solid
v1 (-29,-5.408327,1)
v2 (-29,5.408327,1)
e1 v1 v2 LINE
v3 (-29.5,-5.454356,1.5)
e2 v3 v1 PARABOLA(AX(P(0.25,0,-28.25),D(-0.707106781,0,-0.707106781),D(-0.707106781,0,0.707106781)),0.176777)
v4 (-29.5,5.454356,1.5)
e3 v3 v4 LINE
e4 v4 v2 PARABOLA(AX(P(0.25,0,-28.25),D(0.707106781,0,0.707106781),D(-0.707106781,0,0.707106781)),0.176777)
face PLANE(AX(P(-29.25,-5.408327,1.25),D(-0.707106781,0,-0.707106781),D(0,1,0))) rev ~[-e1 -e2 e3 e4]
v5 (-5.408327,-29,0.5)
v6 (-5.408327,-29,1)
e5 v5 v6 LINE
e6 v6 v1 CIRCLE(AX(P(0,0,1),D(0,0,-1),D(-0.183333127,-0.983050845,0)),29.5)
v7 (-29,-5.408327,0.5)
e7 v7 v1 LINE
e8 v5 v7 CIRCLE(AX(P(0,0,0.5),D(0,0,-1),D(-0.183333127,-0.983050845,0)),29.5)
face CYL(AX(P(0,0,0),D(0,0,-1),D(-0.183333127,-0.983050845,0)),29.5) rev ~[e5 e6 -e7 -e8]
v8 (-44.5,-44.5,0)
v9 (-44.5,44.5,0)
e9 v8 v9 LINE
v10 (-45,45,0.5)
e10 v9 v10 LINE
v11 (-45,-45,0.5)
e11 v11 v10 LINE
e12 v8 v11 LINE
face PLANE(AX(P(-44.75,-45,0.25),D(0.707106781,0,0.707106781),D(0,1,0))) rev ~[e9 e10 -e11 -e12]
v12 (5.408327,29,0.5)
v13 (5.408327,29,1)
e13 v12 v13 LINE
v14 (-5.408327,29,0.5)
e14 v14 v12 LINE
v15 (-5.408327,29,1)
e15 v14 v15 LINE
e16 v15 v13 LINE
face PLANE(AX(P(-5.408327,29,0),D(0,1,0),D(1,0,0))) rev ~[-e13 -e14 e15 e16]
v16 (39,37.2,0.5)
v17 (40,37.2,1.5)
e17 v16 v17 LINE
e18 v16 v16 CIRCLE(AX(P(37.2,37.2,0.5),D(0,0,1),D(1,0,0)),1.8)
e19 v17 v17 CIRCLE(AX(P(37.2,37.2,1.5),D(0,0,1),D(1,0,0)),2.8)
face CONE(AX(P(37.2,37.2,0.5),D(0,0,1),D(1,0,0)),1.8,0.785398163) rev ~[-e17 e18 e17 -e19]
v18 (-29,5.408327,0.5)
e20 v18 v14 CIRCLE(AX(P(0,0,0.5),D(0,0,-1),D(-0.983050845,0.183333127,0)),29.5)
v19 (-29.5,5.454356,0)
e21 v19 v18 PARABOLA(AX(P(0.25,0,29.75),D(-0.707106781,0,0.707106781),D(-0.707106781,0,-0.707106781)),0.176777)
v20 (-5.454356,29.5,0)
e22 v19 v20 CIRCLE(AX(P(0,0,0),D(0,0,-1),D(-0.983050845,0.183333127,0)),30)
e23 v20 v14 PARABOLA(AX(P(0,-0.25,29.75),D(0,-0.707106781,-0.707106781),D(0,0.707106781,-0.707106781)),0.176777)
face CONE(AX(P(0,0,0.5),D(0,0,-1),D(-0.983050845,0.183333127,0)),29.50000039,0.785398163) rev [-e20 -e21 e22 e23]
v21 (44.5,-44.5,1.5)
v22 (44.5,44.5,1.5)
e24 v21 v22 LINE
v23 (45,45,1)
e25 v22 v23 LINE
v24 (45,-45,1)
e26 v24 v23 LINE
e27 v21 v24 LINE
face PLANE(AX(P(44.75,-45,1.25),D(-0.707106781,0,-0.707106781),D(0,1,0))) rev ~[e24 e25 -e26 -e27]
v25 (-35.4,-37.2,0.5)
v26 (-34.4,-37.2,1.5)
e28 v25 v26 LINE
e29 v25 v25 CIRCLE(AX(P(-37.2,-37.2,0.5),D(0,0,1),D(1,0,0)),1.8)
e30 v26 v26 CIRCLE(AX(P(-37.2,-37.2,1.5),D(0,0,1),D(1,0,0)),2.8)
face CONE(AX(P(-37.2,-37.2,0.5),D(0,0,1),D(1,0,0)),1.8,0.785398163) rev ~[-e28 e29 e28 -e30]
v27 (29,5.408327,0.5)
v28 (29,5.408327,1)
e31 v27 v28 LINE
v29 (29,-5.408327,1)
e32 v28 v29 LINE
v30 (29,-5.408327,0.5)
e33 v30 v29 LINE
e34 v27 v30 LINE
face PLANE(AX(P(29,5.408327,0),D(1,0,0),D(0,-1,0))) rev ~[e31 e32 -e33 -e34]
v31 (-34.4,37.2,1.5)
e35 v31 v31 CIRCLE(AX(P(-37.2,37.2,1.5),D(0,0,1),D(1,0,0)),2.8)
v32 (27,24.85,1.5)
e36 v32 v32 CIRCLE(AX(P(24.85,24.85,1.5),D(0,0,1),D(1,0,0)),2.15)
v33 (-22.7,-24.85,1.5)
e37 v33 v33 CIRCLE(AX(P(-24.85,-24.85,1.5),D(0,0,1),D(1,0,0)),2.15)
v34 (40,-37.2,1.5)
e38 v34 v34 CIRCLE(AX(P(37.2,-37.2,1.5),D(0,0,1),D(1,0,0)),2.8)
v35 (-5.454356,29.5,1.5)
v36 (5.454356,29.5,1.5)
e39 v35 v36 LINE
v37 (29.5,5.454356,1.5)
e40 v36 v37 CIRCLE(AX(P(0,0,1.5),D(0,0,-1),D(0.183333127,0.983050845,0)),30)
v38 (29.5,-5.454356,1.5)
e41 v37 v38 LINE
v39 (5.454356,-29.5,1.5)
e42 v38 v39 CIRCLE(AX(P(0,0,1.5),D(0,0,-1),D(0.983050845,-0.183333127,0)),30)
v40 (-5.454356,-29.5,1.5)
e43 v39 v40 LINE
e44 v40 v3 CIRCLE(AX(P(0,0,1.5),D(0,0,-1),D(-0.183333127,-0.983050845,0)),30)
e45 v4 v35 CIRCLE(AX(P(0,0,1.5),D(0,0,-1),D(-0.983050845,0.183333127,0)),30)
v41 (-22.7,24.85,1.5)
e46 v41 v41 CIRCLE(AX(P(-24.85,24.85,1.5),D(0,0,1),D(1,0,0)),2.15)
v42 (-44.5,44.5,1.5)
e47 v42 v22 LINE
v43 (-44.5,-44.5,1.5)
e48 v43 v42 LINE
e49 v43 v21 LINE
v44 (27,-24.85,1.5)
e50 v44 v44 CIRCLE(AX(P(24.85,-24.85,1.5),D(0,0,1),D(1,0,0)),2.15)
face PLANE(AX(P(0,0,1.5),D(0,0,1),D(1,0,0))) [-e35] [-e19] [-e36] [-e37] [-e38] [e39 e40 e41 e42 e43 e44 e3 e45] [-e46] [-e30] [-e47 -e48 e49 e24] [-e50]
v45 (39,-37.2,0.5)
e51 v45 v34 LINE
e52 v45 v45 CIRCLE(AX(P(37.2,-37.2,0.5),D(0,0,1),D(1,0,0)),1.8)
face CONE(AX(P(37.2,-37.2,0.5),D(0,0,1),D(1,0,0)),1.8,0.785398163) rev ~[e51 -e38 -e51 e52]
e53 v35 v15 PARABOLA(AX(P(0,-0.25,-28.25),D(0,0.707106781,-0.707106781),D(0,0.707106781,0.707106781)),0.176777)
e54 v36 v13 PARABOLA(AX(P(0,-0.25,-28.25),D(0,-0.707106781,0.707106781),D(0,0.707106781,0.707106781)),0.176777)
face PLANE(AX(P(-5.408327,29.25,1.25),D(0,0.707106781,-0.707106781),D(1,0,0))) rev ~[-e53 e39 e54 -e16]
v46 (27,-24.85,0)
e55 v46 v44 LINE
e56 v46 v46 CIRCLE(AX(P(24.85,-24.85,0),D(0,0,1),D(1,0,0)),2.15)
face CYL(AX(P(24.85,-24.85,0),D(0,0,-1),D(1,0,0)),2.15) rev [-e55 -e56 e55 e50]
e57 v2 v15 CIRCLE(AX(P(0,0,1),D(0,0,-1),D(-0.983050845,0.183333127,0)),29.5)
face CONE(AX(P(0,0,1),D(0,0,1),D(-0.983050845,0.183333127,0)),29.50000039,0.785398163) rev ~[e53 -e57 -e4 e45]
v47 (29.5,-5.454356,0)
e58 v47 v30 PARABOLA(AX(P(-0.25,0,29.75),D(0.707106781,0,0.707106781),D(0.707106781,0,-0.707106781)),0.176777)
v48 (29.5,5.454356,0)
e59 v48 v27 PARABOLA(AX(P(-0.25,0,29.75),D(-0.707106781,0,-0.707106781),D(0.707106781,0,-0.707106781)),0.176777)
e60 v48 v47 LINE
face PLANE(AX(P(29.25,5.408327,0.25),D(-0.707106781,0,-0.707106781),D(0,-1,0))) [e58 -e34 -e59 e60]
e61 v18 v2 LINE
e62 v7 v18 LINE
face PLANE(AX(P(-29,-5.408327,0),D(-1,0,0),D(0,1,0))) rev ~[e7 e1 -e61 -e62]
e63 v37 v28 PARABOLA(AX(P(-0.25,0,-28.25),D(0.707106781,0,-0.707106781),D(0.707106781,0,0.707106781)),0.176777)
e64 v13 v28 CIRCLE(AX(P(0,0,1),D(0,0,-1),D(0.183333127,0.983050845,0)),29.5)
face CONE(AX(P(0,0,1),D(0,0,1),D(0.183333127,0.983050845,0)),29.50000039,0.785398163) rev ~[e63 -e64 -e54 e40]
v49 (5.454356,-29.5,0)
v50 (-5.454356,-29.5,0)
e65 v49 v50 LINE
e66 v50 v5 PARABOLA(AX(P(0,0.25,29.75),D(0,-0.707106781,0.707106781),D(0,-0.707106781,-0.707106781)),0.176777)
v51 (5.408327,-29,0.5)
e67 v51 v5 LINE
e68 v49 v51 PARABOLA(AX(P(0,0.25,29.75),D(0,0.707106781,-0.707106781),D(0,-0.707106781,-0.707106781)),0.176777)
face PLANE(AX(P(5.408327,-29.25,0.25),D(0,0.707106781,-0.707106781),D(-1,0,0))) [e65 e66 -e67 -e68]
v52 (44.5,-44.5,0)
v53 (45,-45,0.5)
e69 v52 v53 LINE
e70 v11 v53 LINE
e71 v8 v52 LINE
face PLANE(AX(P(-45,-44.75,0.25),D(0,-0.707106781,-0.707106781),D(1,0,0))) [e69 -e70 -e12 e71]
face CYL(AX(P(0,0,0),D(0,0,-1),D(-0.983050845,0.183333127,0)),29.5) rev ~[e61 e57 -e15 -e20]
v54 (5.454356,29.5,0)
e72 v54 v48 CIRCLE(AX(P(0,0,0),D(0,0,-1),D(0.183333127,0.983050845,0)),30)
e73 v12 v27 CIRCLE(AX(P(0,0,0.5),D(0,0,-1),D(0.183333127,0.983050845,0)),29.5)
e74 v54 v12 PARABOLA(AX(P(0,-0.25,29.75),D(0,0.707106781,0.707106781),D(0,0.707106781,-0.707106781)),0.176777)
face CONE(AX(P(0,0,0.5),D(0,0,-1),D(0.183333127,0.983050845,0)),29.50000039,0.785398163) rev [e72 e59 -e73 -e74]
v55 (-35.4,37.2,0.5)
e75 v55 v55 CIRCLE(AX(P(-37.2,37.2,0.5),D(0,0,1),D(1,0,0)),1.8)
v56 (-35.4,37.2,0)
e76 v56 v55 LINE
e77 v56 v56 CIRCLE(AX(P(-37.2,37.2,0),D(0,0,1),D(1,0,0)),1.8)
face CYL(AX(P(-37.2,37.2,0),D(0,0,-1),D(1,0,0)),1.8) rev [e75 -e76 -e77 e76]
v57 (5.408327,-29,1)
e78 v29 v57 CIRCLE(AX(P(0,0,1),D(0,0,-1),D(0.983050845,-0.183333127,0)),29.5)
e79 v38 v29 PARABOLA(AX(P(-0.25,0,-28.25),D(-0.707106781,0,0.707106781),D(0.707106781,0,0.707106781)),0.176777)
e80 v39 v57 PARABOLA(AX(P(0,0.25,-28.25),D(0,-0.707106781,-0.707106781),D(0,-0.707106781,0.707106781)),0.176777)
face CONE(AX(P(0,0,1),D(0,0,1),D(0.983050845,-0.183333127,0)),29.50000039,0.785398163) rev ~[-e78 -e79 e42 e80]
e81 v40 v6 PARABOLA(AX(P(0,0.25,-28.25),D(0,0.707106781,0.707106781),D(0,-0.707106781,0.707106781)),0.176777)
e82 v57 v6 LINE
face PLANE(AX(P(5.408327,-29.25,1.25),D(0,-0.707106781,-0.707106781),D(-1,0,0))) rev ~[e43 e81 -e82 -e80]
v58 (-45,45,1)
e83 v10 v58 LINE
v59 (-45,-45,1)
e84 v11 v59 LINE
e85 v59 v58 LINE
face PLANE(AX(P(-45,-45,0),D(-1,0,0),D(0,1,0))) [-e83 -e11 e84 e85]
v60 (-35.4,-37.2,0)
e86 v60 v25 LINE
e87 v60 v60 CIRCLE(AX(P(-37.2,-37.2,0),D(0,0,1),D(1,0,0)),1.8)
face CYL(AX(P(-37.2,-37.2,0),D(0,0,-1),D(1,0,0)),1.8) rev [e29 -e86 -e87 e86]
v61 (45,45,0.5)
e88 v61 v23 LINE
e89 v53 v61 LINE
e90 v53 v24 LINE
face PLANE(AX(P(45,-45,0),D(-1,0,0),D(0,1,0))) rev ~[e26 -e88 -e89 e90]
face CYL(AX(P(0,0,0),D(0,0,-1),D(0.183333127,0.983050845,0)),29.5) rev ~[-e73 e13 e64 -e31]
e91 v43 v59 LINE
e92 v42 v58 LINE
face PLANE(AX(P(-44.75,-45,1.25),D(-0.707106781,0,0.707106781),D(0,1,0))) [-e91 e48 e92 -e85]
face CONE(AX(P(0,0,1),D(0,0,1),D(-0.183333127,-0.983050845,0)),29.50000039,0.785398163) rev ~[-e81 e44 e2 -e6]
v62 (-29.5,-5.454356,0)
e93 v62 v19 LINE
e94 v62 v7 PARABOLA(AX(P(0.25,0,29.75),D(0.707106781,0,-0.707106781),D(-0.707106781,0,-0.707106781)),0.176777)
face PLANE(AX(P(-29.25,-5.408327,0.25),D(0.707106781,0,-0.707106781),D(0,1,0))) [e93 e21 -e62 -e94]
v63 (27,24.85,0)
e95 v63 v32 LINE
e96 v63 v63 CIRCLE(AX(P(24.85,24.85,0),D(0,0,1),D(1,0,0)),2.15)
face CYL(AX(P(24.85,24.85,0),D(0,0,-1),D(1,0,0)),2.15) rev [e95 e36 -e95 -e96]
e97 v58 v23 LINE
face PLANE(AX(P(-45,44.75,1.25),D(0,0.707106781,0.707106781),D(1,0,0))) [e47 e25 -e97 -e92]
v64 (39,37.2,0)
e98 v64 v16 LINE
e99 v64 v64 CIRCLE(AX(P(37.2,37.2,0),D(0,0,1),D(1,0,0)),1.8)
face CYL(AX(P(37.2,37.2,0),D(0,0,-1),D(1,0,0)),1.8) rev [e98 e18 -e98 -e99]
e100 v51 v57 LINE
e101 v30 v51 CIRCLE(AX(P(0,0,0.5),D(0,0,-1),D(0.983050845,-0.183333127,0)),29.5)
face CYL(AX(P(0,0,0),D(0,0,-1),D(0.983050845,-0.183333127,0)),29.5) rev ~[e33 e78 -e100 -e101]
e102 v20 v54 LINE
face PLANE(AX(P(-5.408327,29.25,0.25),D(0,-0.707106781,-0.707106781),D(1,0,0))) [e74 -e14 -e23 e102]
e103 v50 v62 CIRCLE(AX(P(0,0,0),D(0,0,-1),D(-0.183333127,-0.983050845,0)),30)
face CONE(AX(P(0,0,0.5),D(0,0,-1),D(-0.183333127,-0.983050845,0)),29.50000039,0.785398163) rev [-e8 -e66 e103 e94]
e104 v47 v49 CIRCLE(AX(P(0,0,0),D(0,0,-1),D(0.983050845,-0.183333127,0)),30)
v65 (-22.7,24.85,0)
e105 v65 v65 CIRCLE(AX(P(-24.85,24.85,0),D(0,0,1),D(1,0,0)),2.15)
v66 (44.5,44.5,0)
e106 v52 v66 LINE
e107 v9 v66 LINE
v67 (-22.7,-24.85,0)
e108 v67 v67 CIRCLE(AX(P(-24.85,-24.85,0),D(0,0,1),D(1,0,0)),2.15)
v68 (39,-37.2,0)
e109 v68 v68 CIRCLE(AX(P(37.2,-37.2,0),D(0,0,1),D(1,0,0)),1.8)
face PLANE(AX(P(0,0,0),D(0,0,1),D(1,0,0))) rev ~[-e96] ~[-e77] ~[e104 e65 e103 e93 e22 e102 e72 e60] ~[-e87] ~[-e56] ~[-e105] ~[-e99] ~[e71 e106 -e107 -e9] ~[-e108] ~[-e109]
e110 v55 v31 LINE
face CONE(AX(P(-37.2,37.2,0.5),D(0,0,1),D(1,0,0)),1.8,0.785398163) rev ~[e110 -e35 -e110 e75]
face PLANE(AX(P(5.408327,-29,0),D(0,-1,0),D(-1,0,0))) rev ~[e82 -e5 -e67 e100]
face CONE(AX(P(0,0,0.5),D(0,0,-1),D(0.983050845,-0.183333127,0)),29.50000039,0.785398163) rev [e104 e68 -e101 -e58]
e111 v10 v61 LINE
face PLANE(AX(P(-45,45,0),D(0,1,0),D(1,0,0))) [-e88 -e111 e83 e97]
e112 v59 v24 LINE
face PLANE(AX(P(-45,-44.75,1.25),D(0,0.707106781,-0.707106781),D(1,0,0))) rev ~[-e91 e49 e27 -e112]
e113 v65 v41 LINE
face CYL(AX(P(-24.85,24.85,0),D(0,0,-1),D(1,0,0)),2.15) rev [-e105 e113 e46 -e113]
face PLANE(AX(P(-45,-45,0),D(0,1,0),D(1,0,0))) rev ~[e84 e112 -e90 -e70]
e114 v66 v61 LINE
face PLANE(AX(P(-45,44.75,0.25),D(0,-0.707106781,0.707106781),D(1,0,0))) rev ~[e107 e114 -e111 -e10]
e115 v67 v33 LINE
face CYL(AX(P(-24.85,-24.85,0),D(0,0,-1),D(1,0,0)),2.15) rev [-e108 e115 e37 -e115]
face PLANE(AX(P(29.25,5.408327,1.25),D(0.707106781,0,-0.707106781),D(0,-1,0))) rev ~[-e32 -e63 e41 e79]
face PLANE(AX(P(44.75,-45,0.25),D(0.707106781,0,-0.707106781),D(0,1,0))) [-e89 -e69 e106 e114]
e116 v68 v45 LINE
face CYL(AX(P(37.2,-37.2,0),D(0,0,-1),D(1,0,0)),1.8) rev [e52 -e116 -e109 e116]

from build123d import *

# Parameters (mm, degrees)
F0_W     = 90
F0_H     = 90
F0_R     = 1.8
F0_R_2   = 2.15
F1_DEPTH = 1.5
F2_SIZE2 = 1
F2_SIZE  = 1
F3_SIZE  = 0.5


with BuildPart() as f1:
    # F0 (on Top) → F1 (new body)
    with BuildSketch(Plane.XY):
        Rectangle(F0_W, F0_H)
        with Locations((-37.2, -37.2)):
            Circle(F0_R, mode=Mode.SUBTRACT)
        with Locations((-24.85, -24.85)):
            Circle(F0_R_2, mode=Mode.SUBTRACT)
        with Locations((37.2, -37.2)):
            Circle(F0_R, mode=Mode.SUBTRACT)
        with Locations((24.85, -24.85)):
            Circle(F0_R_2, mode=Mode.SUBTRACT)
        with Locations((-24.85, 24.85)):
            Circle(F0_R_2, mode=Mode.SUBTRACT)
        with Locations((-37.2, 37.2)):
            Circle(F0_R, mode=Mode.SUBTRACT)
        with BuildLine():
            Line((-5.408327, 29), (5.408327, 29))
            ThreePointArc((5.408327, 29), (20.85965, 20.85965), (29, 5.408327))
            Line((29, 5.408327), (29, -5.408327))
            ThreePointArc((29, -5.408327), (20.85965, -20.85965), (5.408327, -29))
            Line((5.408327, -29), (-5.408327, -29))
            ThreePointArc((-5.408327, -29), (-20.85965, -20.85965), (-29, -5.408327))
            Line((-29, -5.408327), (-29, 5.408327))
            ThreePointArc((-29, 5.408327), (-20.85965, 20.85965), (-5.408327, 29))
        make_face(mode=Mode.SUBTRACT)
        with Locations((24.85, 24.85)):
            Circle(F0_R_2, mode=Mode.SUBTRACT)
        with Locations((37.2, 37.2)):
            Circle(F0_R, mode=Mode.SUBTRACT)
    extrude(amount=F1_DEPTH)

    # F2
    f2_edges = [f1.edges().sort_by_distance(p)[0] for p in [
        (-39, 37.2, 1.5),
        (35.4, 37.2, 1.5),
        (35.4, -37.2, 1.5),
        (-39, -37.2, 1.5),
    ]]
    chamfer(f2_edges, length=F2_SIZE, length2=F2_SIZE2)

    # F3
    f3_edges = [f1.edges().sort_by_distance(p)[0] for p in [
        (0, -45, 0),
        (-45, 0, 0),
        (45, 0, 0),
        (0, 45, 0),
        (-45, 0, 1.5),
        (0, -45, 1.5),
        (45, 0, 1.5),
        (0, 45, 1.5),
        (-20.85965, -20.85965, 0),
        (-20.85965, -20.85965, 1.5),
        (0, -29, 0),
        (0, -29, 1.5),
        (20.85965, -20.85965, 0),
        (20.85965, -20.85965, 1.5),
        (-29, 0, 0),
        (-29, 0, 1.5),
        (-20.85965, 20.85965, 1.5),
        (-20.85965, 20.85965, 0),
        (20.85965, 20.85965, 1.5),
        (29, 0, 1.5),
        (0, 29, 1.5),
        (29, 0, 0),
        (20.85965, 20.85965, 0),
        (0, 29, 0),
    ]]
    chamfer(f3_edges, length=F3_SIZE)


solid = f1.part
